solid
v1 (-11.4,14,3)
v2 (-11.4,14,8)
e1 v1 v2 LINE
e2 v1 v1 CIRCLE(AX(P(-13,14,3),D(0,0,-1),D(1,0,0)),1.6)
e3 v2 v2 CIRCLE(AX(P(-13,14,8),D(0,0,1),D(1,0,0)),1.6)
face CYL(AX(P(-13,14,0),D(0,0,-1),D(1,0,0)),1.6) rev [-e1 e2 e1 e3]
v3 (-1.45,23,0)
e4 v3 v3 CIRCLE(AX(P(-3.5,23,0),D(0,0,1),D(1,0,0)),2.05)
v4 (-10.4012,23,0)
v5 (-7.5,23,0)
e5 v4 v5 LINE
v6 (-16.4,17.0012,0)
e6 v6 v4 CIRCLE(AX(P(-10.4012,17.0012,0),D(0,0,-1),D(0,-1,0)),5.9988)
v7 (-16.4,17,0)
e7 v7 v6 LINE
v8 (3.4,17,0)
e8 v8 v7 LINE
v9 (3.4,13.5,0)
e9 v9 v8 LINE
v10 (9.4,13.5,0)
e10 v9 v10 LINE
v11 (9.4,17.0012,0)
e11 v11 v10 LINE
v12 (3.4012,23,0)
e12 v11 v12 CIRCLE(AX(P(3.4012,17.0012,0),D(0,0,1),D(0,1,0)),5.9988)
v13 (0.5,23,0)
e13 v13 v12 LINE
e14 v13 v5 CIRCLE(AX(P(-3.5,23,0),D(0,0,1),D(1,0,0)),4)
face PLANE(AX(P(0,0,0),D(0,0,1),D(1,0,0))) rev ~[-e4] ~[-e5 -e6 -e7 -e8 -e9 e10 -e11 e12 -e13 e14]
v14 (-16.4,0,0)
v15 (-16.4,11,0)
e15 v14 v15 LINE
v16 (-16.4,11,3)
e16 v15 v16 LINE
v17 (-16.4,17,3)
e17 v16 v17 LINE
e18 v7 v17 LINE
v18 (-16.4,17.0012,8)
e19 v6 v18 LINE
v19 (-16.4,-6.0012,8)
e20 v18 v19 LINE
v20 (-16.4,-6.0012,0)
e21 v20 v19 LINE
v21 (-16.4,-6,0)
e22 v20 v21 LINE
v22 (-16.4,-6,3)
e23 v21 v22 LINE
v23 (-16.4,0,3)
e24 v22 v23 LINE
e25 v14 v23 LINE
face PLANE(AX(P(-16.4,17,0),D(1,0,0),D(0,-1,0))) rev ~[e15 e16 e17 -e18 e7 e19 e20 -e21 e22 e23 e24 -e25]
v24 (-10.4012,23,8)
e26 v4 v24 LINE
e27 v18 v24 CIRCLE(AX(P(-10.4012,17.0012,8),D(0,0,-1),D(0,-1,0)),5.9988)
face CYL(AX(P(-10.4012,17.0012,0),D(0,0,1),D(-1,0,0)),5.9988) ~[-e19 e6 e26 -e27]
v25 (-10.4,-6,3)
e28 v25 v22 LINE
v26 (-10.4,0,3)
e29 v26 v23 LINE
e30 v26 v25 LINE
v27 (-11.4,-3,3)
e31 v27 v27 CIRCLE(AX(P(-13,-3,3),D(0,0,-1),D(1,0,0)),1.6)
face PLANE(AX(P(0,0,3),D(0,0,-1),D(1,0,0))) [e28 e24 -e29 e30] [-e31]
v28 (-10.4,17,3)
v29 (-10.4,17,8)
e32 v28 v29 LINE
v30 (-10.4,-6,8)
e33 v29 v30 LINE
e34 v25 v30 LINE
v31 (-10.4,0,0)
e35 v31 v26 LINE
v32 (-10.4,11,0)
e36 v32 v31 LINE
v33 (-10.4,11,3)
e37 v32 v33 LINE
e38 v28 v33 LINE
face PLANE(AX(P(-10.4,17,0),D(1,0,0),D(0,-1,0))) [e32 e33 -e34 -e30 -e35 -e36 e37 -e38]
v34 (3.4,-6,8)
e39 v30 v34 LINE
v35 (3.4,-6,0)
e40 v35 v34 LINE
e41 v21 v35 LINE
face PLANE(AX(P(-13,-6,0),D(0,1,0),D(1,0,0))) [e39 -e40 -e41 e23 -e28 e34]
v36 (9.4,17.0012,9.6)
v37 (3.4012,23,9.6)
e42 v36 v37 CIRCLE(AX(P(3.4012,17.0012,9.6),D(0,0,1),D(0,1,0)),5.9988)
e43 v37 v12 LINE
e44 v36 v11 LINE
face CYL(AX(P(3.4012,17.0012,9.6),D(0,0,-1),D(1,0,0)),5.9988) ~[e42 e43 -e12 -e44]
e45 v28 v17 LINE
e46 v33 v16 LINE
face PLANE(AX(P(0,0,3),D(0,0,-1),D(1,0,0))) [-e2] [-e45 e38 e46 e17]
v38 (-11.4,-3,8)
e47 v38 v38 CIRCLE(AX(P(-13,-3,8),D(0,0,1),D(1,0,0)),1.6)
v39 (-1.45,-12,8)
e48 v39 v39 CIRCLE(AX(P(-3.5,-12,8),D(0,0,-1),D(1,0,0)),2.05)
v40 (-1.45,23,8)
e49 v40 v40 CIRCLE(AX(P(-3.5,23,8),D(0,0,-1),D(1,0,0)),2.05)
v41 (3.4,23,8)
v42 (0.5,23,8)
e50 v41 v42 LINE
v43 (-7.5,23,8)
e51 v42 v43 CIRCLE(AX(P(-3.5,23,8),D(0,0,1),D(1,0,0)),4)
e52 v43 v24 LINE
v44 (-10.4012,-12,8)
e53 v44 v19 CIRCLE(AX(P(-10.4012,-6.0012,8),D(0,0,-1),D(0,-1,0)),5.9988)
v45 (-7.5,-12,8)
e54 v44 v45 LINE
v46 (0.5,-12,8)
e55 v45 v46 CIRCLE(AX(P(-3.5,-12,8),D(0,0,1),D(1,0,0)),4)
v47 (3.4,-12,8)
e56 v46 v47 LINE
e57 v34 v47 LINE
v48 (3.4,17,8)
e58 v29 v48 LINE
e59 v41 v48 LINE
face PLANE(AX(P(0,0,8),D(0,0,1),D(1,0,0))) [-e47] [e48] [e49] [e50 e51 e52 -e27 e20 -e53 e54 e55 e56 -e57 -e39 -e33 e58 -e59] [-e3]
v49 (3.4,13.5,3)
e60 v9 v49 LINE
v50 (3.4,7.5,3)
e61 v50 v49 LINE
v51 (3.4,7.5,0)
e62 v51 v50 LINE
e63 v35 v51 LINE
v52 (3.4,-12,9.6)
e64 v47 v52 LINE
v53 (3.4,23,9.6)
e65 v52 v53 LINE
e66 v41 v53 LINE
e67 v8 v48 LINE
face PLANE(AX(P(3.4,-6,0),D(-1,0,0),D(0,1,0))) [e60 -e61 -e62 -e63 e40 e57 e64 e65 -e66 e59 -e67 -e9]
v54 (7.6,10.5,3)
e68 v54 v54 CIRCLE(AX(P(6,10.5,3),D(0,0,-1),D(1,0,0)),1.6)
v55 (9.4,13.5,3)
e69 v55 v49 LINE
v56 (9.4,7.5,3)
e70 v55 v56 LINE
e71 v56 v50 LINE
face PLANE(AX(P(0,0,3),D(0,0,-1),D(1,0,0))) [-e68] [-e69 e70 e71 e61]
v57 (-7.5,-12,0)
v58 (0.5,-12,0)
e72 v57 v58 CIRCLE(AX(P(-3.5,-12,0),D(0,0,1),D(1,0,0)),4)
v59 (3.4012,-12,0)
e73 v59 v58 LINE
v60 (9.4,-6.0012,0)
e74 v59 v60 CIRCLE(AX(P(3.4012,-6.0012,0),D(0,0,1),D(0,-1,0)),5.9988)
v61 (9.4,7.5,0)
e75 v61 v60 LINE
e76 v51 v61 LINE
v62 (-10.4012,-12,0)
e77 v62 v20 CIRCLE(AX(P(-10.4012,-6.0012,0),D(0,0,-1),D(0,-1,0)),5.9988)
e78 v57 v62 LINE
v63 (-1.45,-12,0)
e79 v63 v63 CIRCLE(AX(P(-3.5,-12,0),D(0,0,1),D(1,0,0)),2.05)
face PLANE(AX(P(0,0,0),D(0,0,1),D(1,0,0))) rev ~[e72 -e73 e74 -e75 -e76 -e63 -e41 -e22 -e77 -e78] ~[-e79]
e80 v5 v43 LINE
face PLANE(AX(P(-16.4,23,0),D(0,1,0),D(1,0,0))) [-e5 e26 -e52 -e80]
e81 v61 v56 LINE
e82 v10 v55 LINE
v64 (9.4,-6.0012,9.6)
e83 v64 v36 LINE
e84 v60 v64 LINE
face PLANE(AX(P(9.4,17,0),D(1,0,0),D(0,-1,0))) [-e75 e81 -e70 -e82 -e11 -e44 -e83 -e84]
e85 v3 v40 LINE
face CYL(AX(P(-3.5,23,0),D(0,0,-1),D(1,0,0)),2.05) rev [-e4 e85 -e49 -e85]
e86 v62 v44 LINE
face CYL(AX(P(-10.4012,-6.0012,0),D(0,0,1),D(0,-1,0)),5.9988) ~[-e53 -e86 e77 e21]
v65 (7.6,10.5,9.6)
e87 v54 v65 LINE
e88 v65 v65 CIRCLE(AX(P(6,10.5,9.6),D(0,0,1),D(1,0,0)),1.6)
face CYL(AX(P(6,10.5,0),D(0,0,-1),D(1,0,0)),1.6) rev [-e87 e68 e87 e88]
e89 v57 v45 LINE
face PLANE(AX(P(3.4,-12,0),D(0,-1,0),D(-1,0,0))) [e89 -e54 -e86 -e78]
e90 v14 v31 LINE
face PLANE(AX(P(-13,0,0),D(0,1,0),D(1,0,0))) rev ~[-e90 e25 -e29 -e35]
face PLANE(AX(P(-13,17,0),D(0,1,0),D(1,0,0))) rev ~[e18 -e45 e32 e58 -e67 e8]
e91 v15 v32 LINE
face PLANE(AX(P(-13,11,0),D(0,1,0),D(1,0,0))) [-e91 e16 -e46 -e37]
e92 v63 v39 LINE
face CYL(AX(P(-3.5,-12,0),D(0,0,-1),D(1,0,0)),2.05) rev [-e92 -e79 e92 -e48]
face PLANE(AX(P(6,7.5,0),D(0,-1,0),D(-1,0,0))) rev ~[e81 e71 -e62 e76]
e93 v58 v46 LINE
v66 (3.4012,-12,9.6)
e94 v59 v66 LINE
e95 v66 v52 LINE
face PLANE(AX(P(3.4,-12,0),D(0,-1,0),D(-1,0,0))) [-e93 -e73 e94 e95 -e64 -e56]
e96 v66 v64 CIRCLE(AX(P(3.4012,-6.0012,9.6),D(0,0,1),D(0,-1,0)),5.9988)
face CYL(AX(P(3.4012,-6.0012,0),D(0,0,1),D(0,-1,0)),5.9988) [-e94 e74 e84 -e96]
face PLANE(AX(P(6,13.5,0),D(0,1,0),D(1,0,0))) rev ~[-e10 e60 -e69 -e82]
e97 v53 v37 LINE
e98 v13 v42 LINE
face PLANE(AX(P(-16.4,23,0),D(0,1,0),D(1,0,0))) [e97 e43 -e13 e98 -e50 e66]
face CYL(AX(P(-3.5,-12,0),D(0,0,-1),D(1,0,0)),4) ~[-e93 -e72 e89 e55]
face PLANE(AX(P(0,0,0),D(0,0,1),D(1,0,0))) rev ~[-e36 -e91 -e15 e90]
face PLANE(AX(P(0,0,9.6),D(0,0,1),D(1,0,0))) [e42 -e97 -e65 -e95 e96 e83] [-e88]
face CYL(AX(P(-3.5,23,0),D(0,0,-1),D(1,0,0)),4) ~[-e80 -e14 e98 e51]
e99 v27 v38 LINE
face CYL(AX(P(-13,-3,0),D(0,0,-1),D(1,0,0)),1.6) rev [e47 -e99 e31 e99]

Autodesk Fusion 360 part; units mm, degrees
sketch "Skizze1" plane through (0, 0, 0) normal (0, 0, 1) x (1, 0, 0)
  circle A0 centre (-13, 14) radius 1.6
  circle A1 centre (-13, -3) radius 1.6
  line L0 (-10.4, 17) -> (-10.4, -6)
  line L1 (-11.4, 14) -> (-10.4, 14) construction
  line L2 (-19, 17) -> (14, 17)
  line L3 (-20.3748, -6) -> (15.4156, -6)
  line L4 (-16.4, 27.5706) -> (-16.4, -12)
  line L5 (-11.401, -2.9445) -> (3.799, -2.9445) construction
  line L6 (3.4, -14.6443) -> (3.4, 27)
  line L7 (9.4, 27) -> (9.4, -17)
  line L8 (-21, 23) -> (15, 23)
  line L9 (15, -12) -> (-27, -12)
  circle A2 centre (6, 10.5) radius 1.6
  line L10 (4.4, 10.5) -> (3.4, 10.5) construction
  line L11 (-13, -3) -> (-13, 3) construction
  line L12 (-13, 3) -> (-13, -17) construction
  line L13 (9.4, -17) -> (-16.4, -17) construction
  line L14 (-13, 3) -> (-13, 23) construction
  line L15 (-16.4, 22.0964) -> (9.4, 22.0964) construction
  line L16 (-3.5, 22.0964) -> (-3.5, 23) construction
  circle A3 centre (-3.5, 23) radius 2.05
  circle A4 centre (-3.5, 23) radius 4
  circle A5 centre (-3.5, -12) radius 2.05
  circle A6 centre (-3.5, -12) radius 4
  point P0 (-3.5, -17)
  point P1 (-3.5, 22.0964)
  dimension "d1" = 3.2
  dimension "d2" = 3.2
  dimension "d3" = 17
  dimension "d4" = 1
  dimension "d5" = 3
  dimension "d6" = 3
  dimension "d7" = 6
  dimension "d8" = 15.2
  dimension "d9" = 6
  dimension "d10" = 6
  dimension "d11" = 6
  dimension "d12" = 3.2
  dimension "d13" = 3.5
  dimension "d16" = 2.6
  dimension "d21" = 6
  dimension "d22" = 20
  dimension "d24" = 25.8
  dimension "d27" = 20
  dimension "d28" = 4.1
  dimension "d29" = 8
  dimension "d40" = 4.1
  dimension "d41" = 8
extrude "Extrusion1" add sketch "Skizze1" along normal blind 8 contours L0 L2 L3 L4 | L2 L4 L6 L8 A4 | L3 L4 L6 L9 A6 | L2 L6 L7 L8 | L2 L3 L6 L7 | L3 L6 L7 L9 | L8 A3 A4 | L9 A5 A6 | L8 A3 | L9 A5 picked at (-0.1725, 22.6994) picked at (-6.7682, -11.3064) picked at (-3.4489, 22.3186) picked at (-2.9991, -11.3315)
extrude "Extrusion2" add sketch "Skizze1" along normal blind 9.6 contours L2 L6 L7 L8 | L2 L3 L6 L7 | L3 L6 L7 L9
extrude "Extrusion3" add sketch "Skizze1" along normal blind 8 contours L8 A3 A4 | L9 A5 A6 picked at (-6.8275, 23.3006) picked at (-6.8351, -12.1987)
extrude "Extrusion7" cut sketch "Skizze1" along normal blind 8 contours L8 A3 | L9 A5 picked at (-3.4489, 22.3186) picked at (-2.9991, -11.3315)
fillet "Abrundung2" radius 6 4 edges at (-16.4, -12, 4) (-16.4, 23, 4) (9.4, 23, 4.8) (9.4, -12, 4.8)
sketch "Skizze2" plane through (0, 0, 0) normal (0, 0, -1) x (1, 0, 0)
  circle A0 centre (-13, -14) radius 1.6
  circle A1 centre (-13, 3) radius 1.6
  line L0 (3.4, 6) -> (3.4, -17)
  line L1 (3.4, -17) -> (-10.4, -17)
  line L2 (-10.4, -17) -> (-10.4, 6)
  line L3 (-10.4, 6) -> (3.4, 6)
  circle A2 centre (6, -10.5) radius 1.6
  arc A3 (9.4, 6) -> (3.4, 12) centre (3.4, 6) ccw
  line L4 (3.4, 12) -> (0.5, 12)
  arc A4 (0.5, 12) -> (-7.5, 12) centre (-3.5, 12) ccw
  line L5 (-7.5, 12) -> (-10.4, 12)
  arc A5 (-10.4, 12) -> (-16.4, 6) centre (-10.4, 6) ccw
  line L6 (-16.4, 6) -> (-16.4, -17)
  arc A6 (-16.4, -17) -> (-10.4, -23) centre (-10.4, -17) ccw
  line L7 (-10.4, -23) -> (-7.5, -23)
  arc A7 (-7.5, -23) -> (0.5, -23) centre (-3.5, -23) ccw
  line L8 (0.5, -23) -> (3.4, -23)
  arc A8 (3.4, -23) -> (9.4, -17) centre (3.4, -17) ccw
  line L9 (9.4, -17) -> (9.4, 6)
  circle A9 centre (-3.5, 12) radius 2.05
  circle A10 centre (-3.5, -23) radius 2.05
  circle A11 centre (-13, 3) radius 3
  circle A12 centre (-13, -14) radius 3
  circle A13 centre (6, -10.5) radius 3
  line L10 (-10, 3) -> (-10, 6)
  line L11 (-10, -14) -> (-10, -17)
  line L12 (-13, 6) -> (-10.4, 6)
  line L13 (-13, 0) -> (-10.4, 0)
  line L14 (6, -7.5) -> (3.4, -7.5)
  line L15 (-13, -11) -> (-10.4, -11)
  line L16 (-13, -17) -> (-10.4, -17)
  line L17 (6, -13.5) -> (3.4, -13.5)
  line L18 (-13, 6) -> (-16.4, 6)
  line L19 (-13, 0) -> (-16.4, 0)
  line L20 (6, -7.5) -> (9.4, -7.5)
  line L21 (6, -13.5) -> (9.4, -13.5)
  line L22 (-13, -17) -> (-16.4, -17)
  line L23 (-13, -11) -> (-16.4, -11)
  dimension "d46" = 1.4
  dimension "d47" = 1.4
  dimension "d48" = 1.4
extrude "Extrusion8" cut sketch "Skizze2" against normal blind 3 contours L0 A13 L14 | L0 A13 | L9 A13 L20 L21 | L2 A11 L12 | L0 A13 L17 | L2 A11 | L6 A11 L18 L19 | L2 A11 L13 | L2 A12 L15 | L6 A12 L22 L23 | L2 A12 | L2 A12 L16 picked at (3.7333, -10.5) picked at (-10.7333, 3) picked at (-10.7333, -14)
